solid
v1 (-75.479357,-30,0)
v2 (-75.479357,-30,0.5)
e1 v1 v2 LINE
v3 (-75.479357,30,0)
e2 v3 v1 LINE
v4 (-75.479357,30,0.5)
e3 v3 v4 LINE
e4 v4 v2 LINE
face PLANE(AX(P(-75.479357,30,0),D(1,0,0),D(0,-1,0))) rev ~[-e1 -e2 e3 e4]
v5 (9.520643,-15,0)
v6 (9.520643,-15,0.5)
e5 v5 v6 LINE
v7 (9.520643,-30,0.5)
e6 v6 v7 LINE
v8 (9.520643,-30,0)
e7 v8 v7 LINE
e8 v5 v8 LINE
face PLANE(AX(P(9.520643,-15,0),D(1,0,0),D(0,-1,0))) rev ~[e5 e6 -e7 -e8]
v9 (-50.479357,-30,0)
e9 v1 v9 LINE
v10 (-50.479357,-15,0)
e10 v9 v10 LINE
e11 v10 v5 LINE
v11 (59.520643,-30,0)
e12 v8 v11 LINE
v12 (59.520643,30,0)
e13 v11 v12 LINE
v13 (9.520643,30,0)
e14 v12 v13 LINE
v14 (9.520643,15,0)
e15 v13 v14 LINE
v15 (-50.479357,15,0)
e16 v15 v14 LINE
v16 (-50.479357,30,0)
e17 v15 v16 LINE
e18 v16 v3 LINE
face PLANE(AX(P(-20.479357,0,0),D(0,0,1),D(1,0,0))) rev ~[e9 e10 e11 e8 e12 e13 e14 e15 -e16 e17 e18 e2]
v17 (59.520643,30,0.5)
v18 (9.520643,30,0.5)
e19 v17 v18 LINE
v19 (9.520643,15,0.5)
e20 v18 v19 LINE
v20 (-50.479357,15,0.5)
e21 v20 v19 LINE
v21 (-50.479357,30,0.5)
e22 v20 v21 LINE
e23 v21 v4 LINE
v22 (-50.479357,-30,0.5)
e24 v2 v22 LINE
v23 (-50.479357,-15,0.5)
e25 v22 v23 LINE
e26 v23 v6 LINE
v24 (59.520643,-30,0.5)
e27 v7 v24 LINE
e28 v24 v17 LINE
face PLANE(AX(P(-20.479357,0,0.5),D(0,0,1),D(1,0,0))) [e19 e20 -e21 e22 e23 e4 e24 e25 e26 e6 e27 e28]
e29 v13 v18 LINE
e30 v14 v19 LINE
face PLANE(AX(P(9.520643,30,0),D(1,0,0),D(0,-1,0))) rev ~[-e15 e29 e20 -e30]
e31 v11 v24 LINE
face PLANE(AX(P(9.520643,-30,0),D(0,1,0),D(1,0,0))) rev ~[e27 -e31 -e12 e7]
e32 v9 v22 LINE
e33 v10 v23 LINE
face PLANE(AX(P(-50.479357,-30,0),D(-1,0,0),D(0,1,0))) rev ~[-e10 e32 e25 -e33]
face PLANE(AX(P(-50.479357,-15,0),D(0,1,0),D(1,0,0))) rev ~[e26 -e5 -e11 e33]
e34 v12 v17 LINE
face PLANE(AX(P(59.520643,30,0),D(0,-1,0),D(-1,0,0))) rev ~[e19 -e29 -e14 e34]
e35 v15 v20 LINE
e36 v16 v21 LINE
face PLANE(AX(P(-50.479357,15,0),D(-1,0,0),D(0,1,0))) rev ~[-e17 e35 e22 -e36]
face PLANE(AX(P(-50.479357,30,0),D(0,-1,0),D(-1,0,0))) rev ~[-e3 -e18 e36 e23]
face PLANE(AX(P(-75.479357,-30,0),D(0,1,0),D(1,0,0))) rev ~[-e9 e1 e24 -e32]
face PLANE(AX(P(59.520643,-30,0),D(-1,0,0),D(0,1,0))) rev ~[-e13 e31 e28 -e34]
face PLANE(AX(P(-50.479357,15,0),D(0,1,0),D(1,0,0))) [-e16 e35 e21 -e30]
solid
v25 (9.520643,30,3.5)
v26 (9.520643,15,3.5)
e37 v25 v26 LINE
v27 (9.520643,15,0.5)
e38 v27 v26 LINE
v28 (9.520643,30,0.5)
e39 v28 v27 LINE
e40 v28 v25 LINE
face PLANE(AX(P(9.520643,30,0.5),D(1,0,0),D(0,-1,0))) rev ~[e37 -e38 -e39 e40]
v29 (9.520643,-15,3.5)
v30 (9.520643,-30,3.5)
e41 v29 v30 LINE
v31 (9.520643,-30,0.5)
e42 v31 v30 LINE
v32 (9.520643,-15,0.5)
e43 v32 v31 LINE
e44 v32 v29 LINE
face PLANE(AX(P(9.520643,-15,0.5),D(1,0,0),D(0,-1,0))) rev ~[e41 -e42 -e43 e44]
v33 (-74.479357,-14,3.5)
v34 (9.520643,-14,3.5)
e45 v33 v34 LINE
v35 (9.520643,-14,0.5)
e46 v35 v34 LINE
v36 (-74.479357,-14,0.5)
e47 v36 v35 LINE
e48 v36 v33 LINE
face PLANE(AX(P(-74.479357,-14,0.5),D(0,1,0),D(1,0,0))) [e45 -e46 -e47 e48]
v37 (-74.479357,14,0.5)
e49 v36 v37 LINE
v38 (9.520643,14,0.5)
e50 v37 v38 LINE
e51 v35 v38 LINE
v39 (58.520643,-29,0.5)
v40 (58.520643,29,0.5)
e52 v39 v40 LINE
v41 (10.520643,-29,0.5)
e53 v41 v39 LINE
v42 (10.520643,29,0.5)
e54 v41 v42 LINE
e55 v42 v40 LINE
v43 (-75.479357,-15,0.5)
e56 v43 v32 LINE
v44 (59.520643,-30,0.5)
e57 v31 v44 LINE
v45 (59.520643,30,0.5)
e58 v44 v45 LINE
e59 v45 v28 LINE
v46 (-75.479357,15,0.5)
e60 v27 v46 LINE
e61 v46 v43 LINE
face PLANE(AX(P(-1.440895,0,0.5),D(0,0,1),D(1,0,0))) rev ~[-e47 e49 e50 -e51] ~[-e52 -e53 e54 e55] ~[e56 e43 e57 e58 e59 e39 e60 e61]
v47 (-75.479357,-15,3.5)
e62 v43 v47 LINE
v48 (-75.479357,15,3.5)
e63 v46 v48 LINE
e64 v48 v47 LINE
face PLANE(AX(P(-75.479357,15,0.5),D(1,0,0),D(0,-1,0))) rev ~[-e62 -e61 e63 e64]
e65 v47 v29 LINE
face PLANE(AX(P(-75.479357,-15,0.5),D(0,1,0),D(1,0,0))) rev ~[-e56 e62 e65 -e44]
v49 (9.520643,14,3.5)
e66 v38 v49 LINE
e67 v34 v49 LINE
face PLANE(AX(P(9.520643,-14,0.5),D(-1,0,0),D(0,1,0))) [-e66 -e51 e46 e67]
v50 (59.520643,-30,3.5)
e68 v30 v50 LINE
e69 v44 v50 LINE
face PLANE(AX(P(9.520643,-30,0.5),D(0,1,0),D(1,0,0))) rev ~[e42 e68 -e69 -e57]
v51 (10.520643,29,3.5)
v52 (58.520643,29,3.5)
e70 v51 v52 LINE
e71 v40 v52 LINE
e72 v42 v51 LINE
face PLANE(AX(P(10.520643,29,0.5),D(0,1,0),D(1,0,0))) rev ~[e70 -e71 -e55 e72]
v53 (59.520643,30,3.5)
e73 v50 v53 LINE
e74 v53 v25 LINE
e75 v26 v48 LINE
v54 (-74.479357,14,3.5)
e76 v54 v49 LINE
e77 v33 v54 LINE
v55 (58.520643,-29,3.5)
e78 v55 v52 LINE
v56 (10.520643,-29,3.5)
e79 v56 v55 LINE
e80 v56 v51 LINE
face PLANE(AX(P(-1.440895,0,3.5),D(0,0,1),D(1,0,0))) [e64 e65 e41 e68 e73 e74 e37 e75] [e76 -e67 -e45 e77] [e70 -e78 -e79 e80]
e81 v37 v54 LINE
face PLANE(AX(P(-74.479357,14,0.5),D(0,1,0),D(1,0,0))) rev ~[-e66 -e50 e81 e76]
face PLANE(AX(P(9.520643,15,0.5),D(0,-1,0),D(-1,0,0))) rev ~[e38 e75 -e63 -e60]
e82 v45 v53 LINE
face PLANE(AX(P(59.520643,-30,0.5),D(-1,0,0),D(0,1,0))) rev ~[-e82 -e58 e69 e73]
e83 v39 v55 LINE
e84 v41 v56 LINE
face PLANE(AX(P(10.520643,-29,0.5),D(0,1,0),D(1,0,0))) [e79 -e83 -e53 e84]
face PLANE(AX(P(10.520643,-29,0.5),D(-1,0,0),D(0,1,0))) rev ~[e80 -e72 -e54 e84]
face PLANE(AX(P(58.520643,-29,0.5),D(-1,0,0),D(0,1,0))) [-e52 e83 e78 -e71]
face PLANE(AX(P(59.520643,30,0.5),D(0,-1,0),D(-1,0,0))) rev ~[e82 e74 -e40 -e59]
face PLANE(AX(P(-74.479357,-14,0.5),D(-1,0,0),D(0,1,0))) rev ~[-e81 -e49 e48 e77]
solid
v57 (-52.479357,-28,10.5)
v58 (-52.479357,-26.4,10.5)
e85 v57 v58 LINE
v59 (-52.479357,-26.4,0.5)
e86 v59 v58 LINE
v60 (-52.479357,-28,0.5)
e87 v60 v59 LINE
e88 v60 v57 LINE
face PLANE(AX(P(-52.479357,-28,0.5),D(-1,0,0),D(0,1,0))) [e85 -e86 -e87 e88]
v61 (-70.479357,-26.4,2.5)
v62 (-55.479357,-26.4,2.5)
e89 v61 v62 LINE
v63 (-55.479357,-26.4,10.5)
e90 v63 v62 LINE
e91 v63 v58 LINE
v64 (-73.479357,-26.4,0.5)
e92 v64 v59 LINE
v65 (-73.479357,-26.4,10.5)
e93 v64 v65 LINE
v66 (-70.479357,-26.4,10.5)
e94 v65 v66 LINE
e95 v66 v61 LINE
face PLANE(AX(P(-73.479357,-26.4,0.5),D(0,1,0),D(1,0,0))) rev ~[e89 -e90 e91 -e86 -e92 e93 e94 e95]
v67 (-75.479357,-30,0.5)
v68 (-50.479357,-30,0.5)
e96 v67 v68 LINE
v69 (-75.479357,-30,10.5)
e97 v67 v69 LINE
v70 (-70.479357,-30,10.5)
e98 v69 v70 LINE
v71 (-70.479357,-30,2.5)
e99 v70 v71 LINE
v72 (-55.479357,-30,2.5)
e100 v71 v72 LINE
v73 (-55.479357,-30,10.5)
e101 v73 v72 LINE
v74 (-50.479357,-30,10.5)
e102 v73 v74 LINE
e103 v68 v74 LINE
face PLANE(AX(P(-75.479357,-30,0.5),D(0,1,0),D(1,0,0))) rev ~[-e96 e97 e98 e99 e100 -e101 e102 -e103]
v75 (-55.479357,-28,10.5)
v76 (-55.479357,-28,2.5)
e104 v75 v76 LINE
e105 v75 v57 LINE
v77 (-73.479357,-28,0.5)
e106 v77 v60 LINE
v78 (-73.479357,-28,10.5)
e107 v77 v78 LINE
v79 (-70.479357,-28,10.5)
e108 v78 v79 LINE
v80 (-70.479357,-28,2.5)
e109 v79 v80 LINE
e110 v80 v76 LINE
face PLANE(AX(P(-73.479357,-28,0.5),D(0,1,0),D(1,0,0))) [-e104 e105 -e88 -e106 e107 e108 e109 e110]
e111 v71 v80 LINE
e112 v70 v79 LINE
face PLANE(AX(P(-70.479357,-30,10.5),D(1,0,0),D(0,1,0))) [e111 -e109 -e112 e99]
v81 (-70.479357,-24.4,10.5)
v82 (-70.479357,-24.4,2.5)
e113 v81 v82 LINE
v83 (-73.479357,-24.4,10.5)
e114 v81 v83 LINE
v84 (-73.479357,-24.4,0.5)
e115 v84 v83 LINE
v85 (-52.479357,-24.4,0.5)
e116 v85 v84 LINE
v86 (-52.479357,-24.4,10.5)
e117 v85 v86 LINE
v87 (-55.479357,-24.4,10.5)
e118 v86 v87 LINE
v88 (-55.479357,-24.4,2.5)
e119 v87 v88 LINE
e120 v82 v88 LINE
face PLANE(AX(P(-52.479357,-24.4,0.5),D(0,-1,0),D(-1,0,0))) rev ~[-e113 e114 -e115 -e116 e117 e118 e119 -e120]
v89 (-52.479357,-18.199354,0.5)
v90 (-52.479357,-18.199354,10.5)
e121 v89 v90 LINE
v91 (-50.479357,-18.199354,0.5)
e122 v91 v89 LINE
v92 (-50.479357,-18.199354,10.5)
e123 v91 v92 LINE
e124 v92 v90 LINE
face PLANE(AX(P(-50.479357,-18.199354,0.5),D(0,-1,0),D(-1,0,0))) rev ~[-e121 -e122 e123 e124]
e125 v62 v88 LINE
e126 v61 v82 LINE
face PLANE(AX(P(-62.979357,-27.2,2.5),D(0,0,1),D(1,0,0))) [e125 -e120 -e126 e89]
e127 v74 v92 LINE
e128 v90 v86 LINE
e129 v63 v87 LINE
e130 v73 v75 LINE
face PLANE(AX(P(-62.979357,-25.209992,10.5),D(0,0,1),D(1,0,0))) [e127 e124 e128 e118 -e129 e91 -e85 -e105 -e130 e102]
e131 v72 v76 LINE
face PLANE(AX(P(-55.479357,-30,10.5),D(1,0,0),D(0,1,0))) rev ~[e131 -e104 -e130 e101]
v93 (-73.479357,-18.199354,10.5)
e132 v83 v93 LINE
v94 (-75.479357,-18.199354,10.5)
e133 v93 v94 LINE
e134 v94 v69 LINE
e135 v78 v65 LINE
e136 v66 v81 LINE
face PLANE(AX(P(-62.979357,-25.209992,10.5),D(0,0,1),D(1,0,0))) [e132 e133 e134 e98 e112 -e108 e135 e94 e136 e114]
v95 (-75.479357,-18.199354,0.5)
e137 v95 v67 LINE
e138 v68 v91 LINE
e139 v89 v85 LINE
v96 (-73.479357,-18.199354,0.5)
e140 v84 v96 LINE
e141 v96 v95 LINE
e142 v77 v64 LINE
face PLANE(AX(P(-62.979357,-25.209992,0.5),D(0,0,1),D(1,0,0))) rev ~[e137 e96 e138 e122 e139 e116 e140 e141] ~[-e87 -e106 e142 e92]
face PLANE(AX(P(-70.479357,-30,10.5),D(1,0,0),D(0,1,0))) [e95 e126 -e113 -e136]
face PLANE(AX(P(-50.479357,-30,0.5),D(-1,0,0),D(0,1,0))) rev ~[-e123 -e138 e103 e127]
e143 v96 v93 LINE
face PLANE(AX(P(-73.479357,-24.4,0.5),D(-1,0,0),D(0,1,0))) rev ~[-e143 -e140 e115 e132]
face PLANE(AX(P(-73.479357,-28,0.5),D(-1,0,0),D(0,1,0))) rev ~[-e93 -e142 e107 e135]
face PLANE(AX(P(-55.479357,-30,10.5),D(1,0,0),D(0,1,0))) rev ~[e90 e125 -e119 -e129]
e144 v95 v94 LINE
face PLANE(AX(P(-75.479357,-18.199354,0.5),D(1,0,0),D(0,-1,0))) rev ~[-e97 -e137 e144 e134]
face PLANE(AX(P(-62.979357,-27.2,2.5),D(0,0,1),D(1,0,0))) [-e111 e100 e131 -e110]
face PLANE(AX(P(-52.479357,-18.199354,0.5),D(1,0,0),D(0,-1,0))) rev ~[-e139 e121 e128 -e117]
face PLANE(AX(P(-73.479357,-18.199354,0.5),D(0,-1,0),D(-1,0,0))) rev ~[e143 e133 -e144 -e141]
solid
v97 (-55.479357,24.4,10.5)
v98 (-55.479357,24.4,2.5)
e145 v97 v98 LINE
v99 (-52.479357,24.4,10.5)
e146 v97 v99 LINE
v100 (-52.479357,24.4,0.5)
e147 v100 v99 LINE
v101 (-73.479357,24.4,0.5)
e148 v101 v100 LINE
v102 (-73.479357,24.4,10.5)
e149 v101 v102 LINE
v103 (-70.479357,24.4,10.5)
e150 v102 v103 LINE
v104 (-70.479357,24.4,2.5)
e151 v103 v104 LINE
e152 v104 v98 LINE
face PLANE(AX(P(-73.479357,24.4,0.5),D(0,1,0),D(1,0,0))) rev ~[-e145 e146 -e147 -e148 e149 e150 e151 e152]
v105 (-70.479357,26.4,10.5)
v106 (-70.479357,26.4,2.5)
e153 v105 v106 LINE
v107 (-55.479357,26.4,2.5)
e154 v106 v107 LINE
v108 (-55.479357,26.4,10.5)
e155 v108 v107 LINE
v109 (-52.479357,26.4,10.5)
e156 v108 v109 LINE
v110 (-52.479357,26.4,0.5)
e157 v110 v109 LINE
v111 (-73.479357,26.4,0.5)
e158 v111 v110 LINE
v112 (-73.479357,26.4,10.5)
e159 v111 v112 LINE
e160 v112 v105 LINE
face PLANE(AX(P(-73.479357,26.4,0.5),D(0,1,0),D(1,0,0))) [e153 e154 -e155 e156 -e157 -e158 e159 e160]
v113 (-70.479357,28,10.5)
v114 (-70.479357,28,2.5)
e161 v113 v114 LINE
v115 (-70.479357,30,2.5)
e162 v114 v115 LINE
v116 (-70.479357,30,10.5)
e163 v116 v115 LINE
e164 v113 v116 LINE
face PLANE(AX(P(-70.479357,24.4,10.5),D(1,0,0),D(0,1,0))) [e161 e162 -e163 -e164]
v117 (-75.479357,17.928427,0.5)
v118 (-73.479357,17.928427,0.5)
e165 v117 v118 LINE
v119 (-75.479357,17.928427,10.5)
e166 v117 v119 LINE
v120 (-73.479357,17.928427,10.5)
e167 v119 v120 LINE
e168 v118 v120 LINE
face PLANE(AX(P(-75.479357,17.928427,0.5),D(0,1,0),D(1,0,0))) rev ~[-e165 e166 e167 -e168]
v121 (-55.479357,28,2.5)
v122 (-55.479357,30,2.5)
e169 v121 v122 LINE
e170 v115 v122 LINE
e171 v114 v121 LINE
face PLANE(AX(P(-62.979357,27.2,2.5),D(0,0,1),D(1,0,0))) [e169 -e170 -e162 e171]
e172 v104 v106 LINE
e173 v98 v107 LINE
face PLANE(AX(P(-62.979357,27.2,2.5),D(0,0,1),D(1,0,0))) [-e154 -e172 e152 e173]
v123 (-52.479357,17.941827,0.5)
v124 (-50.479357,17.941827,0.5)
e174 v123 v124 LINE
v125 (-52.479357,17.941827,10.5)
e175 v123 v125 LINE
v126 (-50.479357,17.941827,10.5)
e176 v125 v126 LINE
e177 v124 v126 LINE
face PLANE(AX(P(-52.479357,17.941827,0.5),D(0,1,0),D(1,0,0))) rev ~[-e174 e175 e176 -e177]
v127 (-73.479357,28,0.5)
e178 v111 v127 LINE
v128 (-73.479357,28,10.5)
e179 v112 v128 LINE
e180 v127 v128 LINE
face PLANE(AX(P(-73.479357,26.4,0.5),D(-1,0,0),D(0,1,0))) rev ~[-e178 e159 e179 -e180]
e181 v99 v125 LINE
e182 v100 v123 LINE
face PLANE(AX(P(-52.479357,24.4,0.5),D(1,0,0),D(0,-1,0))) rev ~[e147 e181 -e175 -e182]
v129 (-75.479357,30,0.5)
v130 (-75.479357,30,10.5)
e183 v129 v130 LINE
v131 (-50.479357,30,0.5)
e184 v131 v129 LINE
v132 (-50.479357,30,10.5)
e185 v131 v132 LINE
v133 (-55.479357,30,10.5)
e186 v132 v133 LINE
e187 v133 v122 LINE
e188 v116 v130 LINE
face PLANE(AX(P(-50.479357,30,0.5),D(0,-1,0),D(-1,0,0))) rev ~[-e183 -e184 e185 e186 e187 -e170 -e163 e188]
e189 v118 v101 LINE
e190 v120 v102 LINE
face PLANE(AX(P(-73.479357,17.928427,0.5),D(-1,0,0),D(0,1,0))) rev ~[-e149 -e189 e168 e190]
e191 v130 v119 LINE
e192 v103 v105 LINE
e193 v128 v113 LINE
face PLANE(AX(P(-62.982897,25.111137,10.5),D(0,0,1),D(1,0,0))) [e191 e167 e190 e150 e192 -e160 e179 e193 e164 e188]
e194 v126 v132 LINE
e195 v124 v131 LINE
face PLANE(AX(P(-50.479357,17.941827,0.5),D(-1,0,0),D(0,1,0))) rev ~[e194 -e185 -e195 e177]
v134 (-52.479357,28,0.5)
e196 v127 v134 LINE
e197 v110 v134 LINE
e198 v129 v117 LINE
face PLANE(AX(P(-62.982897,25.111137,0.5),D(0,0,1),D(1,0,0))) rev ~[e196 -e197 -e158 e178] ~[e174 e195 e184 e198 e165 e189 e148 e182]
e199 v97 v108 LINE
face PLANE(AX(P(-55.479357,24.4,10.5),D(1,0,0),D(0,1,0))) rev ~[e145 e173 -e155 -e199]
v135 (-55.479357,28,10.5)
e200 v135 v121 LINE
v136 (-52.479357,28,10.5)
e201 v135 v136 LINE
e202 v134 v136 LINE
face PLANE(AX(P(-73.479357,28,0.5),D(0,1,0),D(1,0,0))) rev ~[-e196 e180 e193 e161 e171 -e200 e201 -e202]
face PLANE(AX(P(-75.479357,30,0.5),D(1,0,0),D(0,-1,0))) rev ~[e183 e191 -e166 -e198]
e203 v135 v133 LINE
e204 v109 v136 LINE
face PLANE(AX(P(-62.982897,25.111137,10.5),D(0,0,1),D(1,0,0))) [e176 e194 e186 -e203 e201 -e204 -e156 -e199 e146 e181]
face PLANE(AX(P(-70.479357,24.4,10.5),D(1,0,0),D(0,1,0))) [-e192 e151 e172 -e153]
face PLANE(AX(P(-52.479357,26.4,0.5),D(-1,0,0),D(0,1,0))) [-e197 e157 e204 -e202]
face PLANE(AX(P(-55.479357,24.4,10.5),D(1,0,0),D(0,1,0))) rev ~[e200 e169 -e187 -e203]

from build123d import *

# Parameters (mm, degrees)
F0_W     = 60
F0_H     = 30
F1_DEPTH = 0.5
F2_W     = 84
F2_H     = 28
F2_W_2   = 48
F2_H_2   = 58
F3_DEPTH = 3
F4_W     = 21
F4_H     = 1.6
F5_DEPTH = 10
F6_W     = 15
F6_H     = 5.6
F7_DEPTH = 8
F8_W     = 15
F8_H     = 5.6
F9_DEPTH = 8


with BuildPart() as f1:
    # F0 (on Top) → F1 (new body)
    with BuildSketch(Plane.XY):
        with Locations((-20.479357, 0)):
            Rectangle(F0_W, F0_H)
        Polygon((-50.479357, -15), (-50.479357, 15), (-50.479357, 30), (-75.479357, 30), (-75.479357, -30), (-50.479357, -30), align=None)
        Polygon((9.520643, 30), (9.520643, 15), (9.520643, -15), (9.520643, -30), (59.520643, -30), (59.520643, 30), align=None)
    extrude(amount=F1_DEPTH)


with BuildPart() as f3:
    # F2 (on face) → F3 (new body)
    with BuildSketch(Plane.XY.offset(0.5)):
        Polygon((9.520643, 15), (-75.479357, 15), (-75.479357, -15), (9.520643, -15), (9.520643, -30), (59.520643, -30), (59.520643, 30), (9.520643, 30), align=None)
        with Locations((-32.479357, 0)):
            Rectangle(F2_W, F2_H, mode=Mode.SUBTRACT)
        with Locations((34.520643, 0)):
            Rectangle(F2_W_2, F2_H_2, mode=Mode.SUBTRACT)
    extrude(amount=F3_DEPTH)


with BuildPart() as f5:
    # F4 (on face) → F5 (new body)
    with BuildSketch(Plane.XY.offset(0.5)):
        Polygon((-75.479357, -18.199354), (-75.479357, -30), (-50.479357, -30), (-50.479357, -18.199354), (-52.479357, -18.199354), (-52.479357, -24.4), (-73.479357, -24.4), (-73.479357, -18.199354), align=None)
        with Locations((-62.979357, -27.2)):
            Rectangle(F4_W, F4_H, mode=Mode.SUBTRACT)
        Polygon((-50.479357, 30), (-75.479357, 30), (-75.479357, 17.928427), (-73.479357, 17.928427), (-73.479357, 24.4), (-52.479357, 24.4), (-52.479357, 17.941827), (-50.479357, 17.941827), align=None)
        with Locations((-62.979357, 27.2)):
            Rectangle(F4_W, F4_H, mode=Mode.SUBTRACT)
    extrude(amount=F5_DEPTH)

    # F6 (on face) → F7 (cut)
    with BuildSketch(Plane.XY.offset(10.5)):
        with Locations((-62.979357, 27.2)):
            Rectangle(F6_W, F6_H)
    extrude(amount=-F7_DEPTH, mode=Mode.SUBTRACT)

    # F8 (on face) → F9 (cut)
    with BuildSketch(Plane.XY.offset(10.5)):
        with Locations((-62.979357, -27.2)):
            Rectangle(F8_W, F8_H)
    extrude(amount=-F9_DEPTH, mode=Mode.SUBTRACT)


solid = Compound([f1.part, f3.part, f5.part])
